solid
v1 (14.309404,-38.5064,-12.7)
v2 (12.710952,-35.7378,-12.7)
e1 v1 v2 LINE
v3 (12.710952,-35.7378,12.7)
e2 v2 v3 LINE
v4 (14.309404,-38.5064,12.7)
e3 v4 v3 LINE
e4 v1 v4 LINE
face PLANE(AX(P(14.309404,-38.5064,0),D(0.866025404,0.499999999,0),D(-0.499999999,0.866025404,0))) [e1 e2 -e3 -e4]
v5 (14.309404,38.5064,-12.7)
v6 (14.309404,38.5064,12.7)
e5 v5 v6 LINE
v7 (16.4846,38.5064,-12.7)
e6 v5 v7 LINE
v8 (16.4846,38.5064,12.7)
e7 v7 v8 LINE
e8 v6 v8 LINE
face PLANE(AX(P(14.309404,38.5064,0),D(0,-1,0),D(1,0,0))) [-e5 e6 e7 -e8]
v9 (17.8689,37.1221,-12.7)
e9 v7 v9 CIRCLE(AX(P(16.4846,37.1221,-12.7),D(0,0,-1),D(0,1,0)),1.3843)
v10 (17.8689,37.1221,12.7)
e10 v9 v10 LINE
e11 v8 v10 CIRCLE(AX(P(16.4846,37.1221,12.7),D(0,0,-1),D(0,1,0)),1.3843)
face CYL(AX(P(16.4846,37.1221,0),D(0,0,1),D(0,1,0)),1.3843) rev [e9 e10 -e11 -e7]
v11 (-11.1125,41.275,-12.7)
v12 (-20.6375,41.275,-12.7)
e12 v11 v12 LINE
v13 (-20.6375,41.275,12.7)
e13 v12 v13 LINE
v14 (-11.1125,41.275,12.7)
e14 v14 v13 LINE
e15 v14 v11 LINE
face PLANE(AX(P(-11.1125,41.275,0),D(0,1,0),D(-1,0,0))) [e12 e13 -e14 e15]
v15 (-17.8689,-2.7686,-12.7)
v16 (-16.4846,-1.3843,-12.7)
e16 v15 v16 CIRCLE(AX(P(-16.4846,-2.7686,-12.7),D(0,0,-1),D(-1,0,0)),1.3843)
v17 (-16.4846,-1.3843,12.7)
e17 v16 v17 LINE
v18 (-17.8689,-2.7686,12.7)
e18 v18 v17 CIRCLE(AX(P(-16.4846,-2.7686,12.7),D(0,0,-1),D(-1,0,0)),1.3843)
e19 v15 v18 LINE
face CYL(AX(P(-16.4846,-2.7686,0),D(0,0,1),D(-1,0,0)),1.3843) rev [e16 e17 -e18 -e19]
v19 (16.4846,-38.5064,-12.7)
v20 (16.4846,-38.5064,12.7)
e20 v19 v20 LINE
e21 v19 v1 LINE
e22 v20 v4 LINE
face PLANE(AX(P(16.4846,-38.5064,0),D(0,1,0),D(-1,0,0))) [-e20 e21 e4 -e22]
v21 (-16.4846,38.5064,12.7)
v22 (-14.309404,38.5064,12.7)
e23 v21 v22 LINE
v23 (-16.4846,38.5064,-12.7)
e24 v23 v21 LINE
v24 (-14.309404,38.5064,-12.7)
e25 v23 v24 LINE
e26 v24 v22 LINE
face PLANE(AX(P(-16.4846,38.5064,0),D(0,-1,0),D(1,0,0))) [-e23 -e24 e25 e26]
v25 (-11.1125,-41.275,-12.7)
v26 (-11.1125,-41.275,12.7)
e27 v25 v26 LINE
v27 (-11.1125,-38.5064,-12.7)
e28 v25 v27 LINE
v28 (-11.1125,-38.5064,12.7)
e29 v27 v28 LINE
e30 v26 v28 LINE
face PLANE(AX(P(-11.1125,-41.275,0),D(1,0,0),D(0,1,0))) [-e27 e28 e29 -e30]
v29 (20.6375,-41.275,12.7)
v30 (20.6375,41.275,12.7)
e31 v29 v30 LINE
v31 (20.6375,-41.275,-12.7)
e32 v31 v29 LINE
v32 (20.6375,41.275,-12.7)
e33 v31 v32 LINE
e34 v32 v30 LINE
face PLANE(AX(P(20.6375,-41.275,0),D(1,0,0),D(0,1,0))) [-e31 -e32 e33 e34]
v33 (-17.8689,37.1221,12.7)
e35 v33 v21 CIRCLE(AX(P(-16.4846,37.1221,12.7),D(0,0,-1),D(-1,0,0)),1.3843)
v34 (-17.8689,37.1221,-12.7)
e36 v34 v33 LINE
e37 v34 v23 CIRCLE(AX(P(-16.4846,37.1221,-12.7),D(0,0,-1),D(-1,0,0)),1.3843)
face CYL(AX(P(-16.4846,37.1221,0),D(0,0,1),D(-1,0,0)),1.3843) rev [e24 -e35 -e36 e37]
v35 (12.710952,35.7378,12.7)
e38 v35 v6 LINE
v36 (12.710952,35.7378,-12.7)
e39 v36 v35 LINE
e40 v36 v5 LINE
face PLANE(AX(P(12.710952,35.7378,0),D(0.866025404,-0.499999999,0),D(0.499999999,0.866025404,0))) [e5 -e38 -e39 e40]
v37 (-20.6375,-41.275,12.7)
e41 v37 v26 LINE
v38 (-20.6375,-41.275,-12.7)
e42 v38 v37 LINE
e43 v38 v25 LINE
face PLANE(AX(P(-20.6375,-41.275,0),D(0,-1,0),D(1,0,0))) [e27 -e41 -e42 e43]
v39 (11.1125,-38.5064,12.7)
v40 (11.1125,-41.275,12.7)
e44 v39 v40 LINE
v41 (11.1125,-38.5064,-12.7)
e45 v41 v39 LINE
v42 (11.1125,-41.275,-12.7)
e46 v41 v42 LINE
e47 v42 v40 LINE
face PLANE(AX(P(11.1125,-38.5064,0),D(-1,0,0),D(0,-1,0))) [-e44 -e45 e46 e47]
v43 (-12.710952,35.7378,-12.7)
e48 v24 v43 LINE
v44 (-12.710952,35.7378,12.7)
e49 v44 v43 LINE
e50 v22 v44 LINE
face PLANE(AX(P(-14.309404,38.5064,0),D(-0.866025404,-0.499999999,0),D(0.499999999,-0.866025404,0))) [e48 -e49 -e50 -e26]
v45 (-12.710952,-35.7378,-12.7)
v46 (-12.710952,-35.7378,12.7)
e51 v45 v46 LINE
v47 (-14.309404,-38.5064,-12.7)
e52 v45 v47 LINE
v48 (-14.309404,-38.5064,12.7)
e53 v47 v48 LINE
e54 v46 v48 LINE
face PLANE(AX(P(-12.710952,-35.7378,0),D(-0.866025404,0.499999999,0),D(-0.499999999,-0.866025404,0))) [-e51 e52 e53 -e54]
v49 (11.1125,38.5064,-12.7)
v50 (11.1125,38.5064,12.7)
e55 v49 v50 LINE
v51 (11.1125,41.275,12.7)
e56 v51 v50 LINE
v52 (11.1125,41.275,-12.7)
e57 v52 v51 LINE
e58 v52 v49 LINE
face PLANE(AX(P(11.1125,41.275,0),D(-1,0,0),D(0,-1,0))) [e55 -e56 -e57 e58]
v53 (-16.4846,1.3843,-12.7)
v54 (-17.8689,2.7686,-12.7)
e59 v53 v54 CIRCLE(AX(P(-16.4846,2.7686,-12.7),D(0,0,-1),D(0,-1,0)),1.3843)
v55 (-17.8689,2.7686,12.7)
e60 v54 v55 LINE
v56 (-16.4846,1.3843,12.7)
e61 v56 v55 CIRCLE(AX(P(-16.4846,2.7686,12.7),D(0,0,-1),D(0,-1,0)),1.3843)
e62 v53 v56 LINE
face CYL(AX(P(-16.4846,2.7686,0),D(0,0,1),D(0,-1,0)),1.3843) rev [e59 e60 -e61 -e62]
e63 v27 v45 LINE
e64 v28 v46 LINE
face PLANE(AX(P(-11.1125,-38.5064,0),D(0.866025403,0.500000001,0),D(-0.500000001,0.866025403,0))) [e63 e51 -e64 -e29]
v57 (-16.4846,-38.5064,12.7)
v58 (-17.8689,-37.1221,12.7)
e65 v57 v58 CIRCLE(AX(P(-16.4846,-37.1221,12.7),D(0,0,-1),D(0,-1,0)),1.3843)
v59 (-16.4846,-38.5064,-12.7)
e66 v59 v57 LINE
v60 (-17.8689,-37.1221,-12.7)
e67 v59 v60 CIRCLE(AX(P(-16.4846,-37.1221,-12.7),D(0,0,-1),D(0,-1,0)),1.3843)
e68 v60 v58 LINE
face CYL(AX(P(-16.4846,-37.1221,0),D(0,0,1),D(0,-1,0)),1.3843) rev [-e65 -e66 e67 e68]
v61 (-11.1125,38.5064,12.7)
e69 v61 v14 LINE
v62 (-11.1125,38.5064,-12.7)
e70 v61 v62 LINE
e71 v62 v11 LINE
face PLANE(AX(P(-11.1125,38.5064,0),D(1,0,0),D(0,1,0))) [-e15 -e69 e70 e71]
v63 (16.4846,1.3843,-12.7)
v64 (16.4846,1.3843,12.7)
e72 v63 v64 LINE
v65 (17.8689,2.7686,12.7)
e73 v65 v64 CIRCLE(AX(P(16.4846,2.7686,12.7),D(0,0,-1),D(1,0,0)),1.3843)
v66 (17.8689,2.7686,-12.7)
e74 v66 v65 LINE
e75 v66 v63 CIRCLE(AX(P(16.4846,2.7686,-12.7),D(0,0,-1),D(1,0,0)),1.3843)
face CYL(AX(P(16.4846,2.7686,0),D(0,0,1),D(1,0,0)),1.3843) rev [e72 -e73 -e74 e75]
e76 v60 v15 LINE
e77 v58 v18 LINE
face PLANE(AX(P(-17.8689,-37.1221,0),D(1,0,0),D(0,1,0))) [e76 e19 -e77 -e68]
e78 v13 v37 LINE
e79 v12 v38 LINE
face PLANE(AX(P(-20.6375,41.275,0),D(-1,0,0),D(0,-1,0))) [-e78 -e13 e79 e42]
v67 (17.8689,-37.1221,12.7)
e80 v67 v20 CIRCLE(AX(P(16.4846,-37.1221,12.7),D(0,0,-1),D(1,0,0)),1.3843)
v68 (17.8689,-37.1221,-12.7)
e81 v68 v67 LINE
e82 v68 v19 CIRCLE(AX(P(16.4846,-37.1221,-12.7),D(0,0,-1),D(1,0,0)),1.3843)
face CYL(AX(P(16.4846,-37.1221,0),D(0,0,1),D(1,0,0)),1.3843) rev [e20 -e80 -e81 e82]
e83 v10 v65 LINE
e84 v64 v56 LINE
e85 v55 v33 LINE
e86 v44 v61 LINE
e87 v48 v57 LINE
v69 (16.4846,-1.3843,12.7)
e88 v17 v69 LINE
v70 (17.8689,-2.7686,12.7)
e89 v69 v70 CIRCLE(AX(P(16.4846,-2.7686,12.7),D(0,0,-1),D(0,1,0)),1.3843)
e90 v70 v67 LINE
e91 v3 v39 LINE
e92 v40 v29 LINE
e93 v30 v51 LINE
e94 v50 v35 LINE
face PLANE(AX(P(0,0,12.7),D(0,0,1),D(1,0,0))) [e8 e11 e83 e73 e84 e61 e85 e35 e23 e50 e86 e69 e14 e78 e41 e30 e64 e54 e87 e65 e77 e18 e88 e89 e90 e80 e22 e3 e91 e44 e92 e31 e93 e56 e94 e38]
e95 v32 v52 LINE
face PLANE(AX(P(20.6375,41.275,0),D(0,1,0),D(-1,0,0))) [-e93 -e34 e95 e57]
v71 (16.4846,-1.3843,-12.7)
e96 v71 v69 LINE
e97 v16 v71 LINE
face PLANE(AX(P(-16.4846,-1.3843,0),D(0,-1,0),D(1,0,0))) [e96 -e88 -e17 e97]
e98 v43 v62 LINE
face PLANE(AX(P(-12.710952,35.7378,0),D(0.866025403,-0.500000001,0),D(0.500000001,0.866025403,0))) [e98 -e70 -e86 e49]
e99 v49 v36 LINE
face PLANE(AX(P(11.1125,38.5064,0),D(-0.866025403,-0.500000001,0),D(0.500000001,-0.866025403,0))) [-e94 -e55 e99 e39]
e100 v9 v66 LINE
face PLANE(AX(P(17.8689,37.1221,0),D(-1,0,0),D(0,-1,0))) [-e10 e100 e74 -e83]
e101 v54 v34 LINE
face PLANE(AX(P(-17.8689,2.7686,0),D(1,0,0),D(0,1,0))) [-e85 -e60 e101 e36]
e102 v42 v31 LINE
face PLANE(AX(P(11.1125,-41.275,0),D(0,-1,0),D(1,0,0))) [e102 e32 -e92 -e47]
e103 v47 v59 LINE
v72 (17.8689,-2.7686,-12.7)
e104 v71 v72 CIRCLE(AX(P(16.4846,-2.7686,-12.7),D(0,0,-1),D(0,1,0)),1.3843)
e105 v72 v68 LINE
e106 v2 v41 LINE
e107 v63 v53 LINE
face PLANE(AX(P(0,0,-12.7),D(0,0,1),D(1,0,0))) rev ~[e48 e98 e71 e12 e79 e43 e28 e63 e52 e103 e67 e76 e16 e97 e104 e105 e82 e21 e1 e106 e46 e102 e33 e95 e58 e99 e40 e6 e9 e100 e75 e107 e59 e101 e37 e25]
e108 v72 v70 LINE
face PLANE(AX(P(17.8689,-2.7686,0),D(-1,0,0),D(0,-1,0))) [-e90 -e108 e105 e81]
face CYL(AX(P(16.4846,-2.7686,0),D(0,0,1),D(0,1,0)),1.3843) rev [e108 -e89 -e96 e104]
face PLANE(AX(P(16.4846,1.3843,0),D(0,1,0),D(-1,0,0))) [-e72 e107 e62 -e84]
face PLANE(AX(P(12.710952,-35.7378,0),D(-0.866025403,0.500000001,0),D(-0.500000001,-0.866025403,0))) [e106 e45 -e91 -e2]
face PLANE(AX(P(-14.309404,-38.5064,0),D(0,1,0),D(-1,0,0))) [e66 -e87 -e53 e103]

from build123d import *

# Parameters (mm, degrees)
BASE_EXTRUDE_DEPTH = 12.7


with BuildPart() as part:
    # Sketch1 → Base-Extrude (new, symmetric)
    with BuildSketch(Plane.XY):
        with BuildLine():
            Line((-11.1125, 41.275), (-20.6375, 41.275))
            Line((-20.6375, 41.275), (-20.6375, -41.275))
            Line((-20.6375, -41.275), (-11.1125, -41.275))
            Line((-11.1125, -41.275), (-11.1125, -38.5064))
            Line((-11.1125, -38.5064), (-12.710951958, -35.7378))
            Line((-12.710951958, -35.7378), (-14.309403911, -38.5064))
            Line((-14.309403911, -38.5064), (-16.4846, -38.5064))
            ThreePointArc((-16.4846, -38.5064), (-17.463447917, -38.100947917), (-17.8689, -37.1221))
            Line((-17.8689, -37.1221), (-17.8689, -2.7686))
            ThreePointArc((-17.8689, -2.7686), (-17.463447917, -1.789752083), (-16.4846, -1.3843))
            Line((-16.4846, -1.3843), (16.4846, -1.3843))
            ThreePointArc((16.4846, -1.3843), (17.463447917, -1.789752083), (17.8689, -2.7686))
            Line((17.8689, -2.7686), (17.8689, -37.1221))
            ThreePointArc((17.8689, -37.1221), (17.463447917, -38.100947917), (16.4846, -38.5064))
            Line((16.4846, -38.5064), (14.309403911, -38.5064))
            Line((14.309403911, -38.5064), (12.710951958, -35.7378))
            Line((12.710951958, -35.7378), (11.1125, -38.5064))
            Line((11.1125, -38.5064), (11.1125, -41.275))
            Line((11.1125, -41.275), (20.6375, -41.275))
            Line((20.6375, -41.275), (20.6375, 41.275))
            Line((20.6375, 41.275), (11.1125, 41.275))
            Line((11.1125, 41.275), (11.1125, 38.5064))
            Line((11.1125, 38.5064), (12.710951958, 35.7378))
            Line((12.710951958, 35.7378), (14.309403911, 38.5064))
            Line((14.309403911, 38.5064), (16.4846, 38.5064))
            ThreePointArc((16.4846, 38.5064), (17.463447917, 38.100947917), (17.8689, 37.1221))
            Line((17.8689, 37.1221), (17.8689, 2.7686))
            ThreePointArc((17.8689, 2.7686), (17.463447917, 1.789752083), (16.4846, 1.3843))
            Line((16.4846, 1.3843), (-16.4846, 1.3843))
            ThreePointArc((-16.4846, 1.3843), (-17.463447917, 1.789752083), (-17.8689, 2.7686))
            Line((-17.8689, 2.7686), (-17.8689, 37.1221))
            ThreePointArc((-17.8689, 37.1221), (-17.463447917, 38.100947917), (-16.4846, 38.5064))
            Line((-16.4846, 38.5064), (-14.309403911, 38.5064))
            Line((-14.309403911, 38.5064), (-12.710951958, 35.7378))
            Line((-12.710951958, 35.7378), (-11.1125, 38.5064))
            Line((-11.1125, 38.5064), (-11.1125, 41.275))
        make_face()
    extrude(amount=BASE_EXTRUDE_DEPTH, both=True)


solid = part.part
